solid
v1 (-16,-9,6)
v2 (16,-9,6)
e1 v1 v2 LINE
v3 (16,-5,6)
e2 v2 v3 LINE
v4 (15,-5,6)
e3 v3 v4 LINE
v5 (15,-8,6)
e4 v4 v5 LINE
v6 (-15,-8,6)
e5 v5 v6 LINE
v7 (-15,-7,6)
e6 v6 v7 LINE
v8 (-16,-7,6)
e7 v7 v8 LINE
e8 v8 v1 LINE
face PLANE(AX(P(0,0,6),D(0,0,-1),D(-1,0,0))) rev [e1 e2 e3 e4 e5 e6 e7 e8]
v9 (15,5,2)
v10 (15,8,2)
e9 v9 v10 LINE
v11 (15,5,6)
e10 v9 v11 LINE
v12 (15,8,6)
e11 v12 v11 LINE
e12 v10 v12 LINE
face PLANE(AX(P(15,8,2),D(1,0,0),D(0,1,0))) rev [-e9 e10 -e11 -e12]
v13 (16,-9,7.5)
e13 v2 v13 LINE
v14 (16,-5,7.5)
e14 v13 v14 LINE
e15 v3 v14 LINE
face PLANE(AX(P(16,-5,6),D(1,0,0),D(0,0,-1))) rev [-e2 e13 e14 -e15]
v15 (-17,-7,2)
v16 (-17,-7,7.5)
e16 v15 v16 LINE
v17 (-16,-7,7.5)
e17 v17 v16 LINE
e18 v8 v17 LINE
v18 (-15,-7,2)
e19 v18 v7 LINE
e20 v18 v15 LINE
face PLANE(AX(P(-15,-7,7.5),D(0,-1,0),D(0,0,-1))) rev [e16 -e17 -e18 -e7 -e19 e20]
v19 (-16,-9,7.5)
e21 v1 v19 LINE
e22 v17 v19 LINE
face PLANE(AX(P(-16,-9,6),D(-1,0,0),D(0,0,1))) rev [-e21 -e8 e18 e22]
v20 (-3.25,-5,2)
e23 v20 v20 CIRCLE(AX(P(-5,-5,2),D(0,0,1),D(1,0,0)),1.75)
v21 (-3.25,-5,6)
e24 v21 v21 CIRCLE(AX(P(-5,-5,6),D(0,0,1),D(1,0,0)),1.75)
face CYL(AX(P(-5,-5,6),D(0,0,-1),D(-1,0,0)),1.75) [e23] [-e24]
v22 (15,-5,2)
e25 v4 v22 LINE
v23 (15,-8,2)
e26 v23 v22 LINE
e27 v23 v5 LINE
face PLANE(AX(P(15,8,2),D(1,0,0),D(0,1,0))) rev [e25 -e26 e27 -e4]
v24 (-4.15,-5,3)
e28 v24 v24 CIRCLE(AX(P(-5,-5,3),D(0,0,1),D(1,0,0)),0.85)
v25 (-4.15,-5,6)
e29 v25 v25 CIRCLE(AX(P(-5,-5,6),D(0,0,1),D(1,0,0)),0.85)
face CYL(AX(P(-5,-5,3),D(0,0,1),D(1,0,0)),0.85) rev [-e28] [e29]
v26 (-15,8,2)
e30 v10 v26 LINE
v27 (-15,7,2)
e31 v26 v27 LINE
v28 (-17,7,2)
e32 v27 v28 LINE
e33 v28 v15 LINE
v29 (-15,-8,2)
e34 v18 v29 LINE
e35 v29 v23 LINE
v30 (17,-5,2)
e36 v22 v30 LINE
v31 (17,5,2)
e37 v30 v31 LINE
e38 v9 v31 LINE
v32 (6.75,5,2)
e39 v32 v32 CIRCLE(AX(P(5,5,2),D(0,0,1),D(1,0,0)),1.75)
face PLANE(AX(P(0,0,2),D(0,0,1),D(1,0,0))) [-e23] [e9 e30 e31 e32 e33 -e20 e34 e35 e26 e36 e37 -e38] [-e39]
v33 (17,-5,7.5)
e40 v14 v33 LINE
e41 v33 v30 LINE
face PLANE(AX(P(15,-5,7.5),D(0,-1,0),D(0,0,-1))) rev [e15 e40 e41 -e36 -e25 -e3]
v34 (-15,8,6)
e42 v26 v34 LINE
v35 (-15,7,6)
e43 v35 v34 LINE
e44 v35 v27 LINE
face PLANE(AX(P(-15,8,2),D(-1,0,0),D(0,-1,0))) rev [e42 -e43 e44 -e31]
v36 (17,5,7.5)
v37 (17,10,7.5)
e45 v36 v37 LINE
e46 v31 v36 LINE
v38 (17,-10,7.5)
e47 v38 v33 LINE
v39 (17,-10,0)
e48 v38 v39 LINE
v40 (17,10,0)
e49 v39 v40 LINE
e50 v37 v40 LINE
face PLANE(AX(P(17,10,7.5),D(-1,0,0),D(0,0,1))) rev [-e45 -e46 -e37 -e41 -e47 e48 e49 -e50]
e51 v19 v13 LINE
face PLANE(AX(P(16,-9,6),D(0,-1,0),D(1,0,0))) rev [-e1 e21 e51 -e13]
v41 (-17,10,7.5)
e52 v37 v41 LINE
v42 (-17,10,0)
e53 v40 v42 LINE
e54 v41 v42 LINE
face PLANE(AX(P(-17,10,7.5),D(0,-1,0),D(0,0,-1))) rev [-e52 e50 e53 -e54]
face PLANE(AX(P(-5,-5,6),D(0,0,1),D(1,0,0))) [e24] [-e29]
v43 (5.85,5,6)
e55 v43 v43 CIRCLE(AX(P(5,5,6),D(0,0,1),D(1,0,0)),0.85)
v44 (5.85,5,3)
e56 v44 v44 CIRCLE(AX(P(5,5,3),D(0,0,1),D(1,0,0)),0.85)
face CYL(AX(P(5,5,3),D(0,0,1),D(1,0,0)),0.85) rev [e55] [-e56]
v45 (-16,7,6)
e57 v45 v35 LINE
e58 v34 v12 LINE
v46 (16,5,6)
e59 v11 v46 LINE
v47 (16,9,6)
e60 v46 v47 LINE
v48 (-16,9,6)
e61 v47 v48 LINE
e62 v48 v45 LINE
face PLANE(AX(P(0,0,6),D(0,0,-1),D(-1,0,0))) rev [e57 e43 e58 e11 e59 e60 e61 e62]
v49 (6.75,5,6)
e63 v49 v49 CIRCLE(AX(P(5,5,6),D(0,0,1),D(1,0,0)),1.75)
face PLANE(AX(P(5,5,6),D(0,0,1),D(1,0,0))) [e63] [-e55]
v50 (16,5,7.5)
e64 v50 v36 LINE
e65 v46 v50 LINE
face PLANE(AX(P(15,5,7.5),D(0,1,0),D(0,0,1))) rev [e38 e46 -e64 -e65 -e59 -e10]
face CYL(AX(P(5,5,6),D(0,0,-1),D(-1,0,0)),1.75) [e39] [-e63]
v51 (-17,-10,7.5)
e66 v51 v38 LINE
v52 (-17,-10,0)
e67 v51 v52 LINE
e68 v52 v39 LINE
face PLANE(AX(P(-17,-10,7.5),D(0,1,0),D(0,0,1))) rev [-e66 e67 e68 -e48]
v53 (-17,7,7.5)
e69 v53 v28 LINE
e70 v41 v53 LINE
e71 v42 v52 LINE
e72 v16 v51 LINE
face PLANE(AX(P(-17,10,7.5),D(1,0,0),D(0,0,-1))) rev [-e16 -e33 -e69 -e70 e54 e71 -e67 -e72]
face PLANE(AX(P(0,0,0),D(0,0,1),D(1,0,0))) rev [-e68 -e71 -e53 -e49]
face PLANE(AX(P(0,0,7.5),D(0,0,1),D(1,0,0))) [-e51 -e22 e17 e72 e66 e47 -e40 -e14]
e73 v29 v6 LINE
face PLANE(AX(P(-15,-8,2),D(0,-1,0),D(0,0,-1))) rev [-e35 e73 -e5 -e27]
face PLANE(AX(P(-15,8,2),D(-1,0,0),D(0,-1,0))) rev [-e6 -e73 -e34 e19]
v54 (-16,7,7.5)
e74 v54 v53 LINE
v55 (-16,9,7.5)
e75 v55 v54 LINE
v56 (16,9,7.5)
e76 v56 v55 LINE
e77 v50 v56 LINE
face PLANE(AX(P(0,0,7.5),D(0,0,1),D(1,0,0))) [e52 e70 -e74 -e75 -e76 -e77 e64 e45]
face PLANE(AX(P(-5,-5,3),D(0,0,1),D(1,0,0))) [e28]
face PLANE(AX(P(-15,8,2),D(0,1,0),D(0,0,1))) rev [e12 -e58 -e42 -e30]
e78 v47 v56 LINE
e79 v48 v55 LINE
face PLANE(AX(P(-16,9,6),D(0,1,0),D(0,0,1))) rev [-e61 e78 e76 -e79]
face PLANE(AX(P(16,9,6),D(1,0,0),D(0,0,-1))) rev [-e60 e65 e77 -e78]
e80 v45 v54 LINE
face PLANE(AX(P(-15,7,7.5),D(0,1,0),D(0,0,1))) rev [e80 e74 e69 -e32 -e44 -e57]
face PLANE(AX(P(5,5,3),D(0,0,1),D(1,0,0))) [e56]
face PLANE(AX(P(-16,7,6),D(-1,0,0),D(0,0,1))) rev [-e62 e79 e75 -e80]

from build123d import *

# Parameters (mm, degrees)
SKETCH_1_W          = 34
SKETCH_1_H          = 20
EXTRUDE_1_DEPTH     = 7.5
SKETCH_2_W          = 30
SKETCH_2_H          = 16
CUT_EXTRUDE_1_DEPTH = 5.5
SKETCH_3_W          = 5.5
SKETCH_3_H          = 10
CUT_EXTRUDE_2_DEPTH = 2
SKETCH_4_W          = 5.5
SKETCH_4_H          = 14
CUT_EXTRUDE_3_DEPTH = 2
CUT_EXTRUDE_4_DEPTH = 1.5
SKETCH_6_R          = 1.75
EXTRUDE_2_DEPTH     = 4
SKETCH_7_R          = 0.85
CUT_EXTRUDE_5_DEPTH = 3


with BuildPart() as part:
    # 草图1 → 凸台-拉伸1 (new body)
    with BuildSketch(Plane.XY):
        Rectangle(SKETCH_1_W, SKETCH_1_H)
    extrude(amount=EXTRUDE_1_DEPTH)

    # 草图2 → 切除-拉伸1 (cut)
    with BuildSketch(Plane.XY.offset(7.5)):
        Rectangle(SKETCH_2_W, SKETCH_2_H)
    extrude(amount=-CUT_EXTRUDE_1_DEPTH, mode=Mode.SUBTRACT)

    # 草图3 → 切除-拉伸2 (cut)
    with BuildSketch(Plane(origin=(17, 0, 0), x_dir=(0, 0, -1), z_dir=(1, 0, 0))):
        with Locations((-4.75, 0)):
            Rectangle(SKETCH_3_W, SKETCH_3_H)
    extrude(amount=-CUT_EXTRUDE_2_DEPTH, mode=Mode.SUBTRACT)

    # 草图4 → 切除-拉伸3 (cut)
    with BuildSketch(Plane.ZY.offset(17)):
        with Locations((4.75, 0)):
            Rectangle(SKETCH_4_W, SKETCH_4_H)
    extrude(amount=-CUT_EXTRUDE_3_DEPTH, mode=Mode.SUBTRACT)

    # 草图5 → 切除-拉伸4 (cut)
    with BuildSketch(Plane.XY.offset(7.5)):
        Polygon((-16, 7), (-16, 9), (16, 9), (16, 5), (15, 5), (15, 8), (-15, 8), (-15, 7), align=None)
        Polygon((-15, -7), (-15, -8), (15, -8), (15, -5), (16, -5), (16, -9), (-16, -9), (-16, -7), align=None)
    extrude(amount=-CUT_EXTRUDE_4_DEPTH, mode=Mode.SUBTRACT)

    # 草图6 → 凸台-拉伸2 (add)
    with BuildSketch(Plane.XY.offset(2)):
        with Locations((5, 5)):
            Circle(SKETCH_6_R)
        with Locations((-5, -5)):
            Circle(SKETCH_6_R)
    extrude(amount=EXTRUDE_2_DEPTH)

    # 草图7 → 切除-拉伸5 (cut)
    with BuildSketch(Plane.XY.offset(6)):
        with Locations((-5, -5)):
            Circle(SKETCH_7_R)
        with Locations((5, 5)):
            Circle(SKETCH_7_R)
    extrude(amount=-CUT_EXTRUDE_5_DEPTH, mode=Mode.SUBTRACT)


solid = part.part
